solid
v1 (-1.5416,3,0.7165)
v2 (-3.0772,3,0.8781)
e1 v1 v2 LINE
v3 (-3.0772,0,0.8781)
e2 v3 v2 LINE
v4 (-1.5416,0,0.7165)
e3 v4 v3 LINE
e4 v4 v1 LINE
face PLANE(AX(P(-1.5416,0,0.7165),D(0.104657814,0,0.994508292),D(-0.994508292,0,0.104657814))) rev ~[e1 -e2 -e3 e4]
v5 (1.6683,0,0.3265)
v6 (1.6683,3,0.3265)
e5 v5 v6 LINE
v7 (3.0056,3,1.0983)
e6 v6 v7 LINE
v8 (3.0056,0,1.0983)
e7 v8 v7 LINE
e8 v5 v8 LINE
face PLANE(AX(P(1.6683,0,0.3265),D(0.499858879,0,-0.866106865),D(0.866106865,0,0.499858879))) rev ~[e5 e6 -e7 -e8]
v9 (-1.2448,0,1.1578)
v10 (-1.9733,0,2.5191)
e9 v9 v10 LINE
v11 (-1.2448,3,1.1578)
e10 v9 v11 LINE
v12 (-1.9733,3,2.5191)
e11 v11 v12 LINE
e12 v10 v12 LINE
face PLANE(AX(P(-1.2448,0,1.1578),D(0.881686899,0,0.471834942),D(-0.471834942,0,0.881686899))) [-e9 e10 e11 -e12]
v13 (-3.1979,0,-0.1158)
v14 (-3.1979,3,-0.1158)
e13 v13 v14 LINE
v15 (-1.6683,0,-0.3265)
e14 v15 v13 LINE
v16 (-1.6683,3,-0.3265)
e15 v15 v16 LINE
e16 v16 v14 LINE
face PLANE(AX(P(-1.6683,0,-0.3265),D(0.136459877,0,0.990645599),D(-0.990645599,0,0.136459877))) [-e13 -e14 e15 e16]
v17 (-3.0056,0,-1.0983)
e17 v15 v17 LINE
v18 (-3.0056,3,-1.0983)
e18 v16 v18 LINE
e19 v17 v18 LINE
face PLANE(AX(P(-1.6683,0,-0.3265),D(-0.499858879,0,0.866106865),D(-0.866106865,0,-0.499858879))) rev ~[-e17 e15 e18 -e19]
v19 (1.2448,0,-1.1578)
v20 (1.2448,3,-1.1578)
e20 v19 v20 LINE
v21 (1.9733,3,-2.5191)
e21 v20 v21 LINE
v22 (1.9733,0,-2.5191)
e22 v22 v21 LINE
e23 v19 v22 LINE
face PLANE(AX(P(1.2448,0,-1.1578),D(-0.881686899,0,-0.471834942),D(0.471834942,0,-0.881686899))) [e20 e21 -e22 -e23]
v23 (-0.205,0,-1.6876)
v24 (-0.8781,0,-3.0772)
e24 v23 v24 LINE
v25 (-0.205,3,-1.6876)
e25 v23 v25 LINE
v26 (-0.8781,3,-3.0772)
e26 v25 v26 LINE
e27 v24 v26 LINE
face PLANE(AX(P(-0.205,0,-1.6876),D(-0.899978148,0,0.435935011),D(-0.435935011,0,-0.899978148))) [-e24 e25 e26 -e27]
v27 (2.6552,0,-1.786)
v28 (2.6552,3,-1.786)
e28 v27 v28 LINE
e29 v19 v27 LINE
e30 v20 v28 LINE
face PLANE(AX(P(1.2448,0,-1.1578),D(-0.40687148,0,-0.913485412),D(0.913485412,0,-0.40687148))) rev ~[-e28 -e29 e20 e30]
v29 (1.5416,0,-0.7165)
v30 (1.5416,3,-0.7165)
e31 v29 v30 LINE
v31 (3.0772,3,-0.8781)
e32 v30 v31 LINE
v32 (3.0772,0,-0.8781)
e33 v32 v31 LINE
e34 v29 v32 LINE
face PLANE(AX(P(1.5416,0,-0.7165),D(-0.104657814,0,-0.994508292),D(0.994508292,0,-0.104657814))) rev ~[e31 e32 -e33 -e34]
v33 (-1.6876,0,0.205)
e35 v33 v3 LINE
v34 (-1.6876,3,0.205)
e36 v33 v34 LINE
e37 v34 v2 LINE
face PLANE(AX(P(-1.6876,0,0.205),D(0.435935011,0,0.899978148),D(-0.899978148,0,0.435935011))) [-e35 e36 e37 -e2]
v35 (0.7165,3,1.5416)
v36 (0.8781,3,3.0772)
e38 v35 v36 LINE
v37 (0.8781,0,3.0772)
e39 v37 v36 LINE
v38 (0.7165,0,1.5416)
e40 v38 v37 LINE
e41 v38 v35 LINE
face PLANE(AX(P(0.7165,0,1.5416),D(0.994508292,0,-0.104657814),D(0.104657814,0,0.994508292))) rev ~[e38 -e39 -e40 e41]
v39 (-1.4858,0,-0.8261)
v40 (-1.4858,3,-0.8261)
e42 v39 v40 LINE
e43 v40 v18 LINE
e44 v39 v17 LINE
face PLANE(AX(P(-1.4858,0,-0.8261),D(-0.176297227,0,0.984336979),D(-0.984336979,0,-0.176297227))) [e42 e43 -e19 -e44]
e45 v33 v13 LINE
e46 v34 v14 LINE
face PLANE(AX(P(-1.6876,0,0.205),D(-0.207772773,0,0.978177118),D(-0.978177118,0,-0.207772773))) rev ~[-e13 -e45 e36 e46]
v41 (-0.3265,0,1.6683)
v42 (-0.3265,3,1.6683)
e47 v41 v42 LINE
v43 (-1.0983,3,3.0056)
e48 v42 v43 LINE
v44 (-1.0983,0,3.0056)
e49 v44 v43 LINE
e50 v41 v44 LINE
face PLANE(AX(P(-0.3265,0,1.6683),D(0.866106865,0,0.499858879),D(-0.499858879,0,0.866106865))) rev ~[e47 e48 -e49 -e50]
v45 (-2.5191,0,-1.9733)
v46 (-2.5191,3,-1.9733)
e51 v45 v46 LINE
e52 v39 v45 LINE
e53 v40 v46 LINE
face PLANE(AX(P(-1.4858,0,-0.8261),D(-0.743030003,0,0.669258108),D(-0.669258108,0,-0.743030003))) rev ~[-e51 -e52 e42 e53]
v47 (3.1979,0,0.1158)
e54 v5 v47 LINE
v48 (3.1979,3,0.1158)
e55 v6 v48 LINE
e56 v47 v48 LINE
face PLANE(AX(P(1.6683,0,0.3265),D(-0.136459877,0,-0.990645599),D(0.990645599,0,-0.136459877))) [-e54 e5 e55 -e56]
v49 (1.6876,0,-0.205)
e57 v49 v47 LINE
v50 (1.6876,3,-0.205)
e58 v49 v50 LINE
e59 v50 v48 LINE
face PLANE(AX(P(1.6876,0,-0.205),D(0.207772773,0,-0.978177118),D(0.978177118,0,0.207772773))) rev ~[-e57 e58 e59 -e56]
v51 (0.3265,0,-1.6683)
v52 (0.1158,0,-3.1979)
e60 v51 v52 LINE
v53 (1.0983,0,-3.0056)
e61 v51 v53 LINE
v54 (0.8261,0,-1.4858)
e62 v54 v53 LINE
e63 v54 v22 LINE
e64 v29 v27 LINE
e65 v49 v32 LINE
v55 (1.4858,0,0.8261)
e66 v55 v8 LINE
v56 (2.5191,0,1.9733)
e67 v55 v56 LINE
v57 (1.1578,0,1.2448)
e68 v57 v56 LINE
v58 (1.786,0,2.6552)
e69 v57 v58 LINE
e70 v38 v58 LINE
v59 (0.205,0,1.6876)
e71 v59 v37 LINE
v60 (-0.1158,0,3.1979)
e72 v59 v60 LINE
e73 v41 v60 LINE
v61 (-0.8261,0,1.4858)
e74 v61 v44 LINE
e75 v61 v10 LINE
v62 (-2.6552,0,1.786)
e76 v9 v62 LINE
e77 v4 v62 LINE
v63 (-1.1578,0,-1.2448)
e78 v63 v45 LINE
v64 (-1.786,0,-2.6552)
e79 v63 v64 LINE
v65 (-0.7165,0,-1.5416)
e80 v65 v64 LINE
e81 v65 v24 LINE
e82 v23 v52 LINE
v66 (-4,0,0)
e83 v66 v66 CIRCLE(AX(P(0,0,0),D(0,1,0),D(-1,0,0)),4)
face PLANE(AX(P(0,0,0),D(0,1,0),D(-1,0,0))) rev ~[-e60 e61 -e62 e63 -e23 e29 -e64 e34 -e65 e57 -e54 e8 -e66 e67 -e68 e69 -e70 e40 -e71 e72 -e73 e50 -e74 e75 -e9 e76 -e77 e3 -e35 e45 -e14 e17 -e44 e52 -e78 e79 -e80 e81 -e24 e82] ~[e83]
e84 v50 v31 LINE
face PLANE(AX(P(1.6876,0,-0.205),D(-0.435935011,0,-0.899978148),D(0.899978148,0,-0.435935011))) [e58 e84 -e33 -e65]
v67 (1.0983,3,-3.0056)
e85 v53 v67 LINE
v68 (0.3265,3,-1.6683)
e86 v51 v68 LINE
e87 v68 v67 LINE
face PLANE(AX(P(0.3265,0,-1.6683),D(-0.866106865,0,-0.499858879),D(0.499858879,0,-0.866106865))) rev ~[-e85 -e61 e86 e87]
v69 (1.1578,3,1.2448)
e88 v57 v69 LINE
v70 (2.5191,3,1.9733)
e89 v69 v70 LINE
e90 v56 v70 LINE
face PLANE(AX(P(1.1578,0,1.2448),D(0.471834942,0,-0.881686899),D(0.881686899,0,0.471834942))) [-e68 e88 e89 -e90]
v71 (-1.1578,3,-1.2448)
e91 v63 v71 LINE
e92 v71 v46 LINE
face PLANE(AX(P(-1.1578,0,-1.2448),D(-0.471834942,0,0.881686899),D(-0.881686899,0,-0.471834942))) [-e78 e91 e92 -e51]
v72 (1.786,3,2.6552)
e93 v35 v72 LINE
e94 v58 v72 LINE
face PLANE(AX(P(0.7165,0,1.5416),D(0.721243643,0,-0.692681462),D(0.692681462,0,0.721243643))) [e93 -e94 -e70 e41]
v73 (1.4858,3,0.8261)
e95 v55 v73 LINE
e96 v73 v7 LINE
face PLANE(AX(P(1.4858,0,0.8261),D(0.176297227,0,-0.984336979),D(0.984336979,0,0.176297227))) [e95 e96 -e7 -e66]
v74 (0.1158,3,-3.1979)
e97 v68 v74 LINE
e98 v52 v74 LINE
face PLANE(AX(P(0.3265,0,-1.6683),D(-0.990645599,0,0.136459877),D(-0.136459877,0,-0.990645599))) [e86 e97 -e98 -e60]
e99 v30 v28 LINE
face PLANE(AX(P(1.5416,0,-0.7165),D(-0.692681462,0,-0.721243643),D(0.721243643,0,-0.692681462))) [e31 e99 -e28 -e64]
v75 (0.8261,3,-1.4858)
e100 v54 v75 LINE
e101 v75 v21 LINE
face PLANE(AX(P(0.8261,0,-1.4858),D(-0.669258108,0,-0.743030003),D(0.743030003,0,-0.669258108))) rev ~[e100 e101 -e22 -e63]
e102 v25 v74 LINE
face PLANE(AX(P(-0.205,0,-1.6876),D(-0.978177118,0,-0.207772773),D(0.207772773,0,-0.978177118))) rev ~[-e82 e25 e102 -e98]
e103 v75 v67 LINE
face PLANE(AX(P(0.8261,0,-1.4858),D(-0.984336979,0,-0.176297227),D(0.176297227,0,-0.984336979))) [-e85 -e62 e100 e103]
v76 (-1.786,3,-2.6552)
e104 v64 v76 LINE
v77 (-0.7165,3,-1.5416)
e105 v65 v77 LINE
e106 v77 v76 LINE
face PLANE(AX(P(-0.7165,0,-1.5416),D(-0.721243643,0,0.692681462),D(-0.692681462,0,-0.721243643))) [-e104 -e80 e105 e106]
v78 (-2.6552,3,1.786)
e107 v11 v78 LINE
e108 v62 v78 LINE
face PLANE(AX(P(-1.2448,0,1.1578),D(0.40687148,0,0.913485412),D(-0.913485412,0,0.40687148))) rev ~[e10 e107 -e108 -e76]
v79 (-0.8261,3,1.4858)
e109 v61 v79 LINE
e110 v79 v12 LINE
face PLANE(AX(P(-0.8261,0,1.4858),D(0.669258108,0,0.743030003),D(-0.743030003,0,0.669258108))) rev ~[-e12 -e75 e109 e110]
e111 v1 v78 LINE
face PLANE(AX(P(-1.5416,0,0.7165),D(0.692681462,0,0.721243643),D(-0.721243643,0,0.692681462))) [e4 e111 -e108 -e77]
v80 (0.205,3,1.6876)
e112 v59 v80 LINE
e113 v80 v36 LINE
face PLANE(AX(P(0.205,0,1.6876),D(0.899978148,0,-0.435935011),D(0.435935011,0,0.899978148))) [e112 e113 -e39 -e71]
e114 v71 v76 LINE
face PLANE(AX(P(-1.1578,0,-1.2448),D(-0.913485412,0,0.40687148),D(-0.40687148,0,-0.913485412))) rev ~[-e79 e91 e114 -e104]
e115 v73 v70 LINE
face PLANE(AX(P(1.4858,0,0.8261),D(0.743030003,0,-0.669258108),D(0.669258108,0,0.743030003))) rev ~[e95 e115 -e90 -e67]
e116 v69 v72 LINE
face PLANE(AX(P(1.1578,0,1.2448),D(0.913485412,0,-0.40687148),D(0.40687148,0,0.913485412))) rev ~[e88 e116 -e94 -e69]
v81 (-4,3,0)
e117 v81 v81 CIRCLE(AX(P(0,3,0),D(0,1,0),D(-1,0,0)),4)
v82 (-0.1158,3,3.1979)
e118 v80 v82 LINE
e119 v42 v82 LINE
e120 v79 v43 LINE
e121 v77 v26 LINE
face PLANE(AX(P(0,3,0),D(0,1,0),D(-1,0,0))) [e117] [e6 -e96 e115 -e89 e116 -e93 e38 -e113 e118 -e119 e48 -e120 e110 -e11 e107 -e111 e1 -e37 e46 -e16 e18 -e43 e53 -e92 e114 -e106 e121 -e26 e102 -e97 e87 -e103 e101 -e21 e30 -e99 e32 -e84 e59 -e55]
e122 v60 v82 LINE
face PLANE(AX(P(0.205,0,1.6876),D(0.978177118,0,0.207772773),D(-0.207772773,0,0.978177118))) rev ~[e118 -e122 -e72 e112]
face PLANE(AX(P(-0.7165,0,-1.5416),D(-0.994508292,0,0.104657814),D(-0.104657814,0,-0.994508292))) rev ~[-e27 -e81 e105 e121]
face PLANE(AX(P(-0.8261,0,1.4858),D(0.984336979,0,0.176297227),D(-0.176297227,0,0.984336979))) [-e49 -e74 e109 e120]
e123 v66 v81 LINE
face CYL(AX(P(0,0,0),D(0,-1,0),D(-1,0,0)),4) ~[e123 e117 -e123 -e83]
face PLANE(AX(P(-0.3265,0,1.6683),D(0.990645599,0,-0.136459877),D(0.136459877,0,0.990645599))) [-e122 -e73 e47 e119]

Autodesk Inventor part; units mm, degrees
ref_plane "YZ Plane" through (0, 0, 0) normal (1, 0, 0) x (0, 1, 0)
ref_plane "XZ Plane" through (0, 0, 0) normal (0, 1, 0) x (-1, 0, 0)
ref_plane "XY Plane" through (0, 0, 0) normal (0, 0, 1) x (1, 0, 0)
sketch "Sketch1" plane through (0, 0, 0) normal (0, 1, 0) x (-1, 0, 0)
  circle A0 centre (0, 0) radius 3.2 construction
  circle A1 centre (0, 0) radius 1.7 construction
  line L0 (0, 0) -> (1.4858, -0.8261) construction
  line L1 (0, 0) -> (1.1578, -1.2448) construction
  line L2 (1.4858, -0.8261) -> (1.1578, -1.2448) construction
  line L3 (1.4858, -0.8261) -> (2.5191, -1.9733)
  line L4 (1.1578, -1.2448) -> (2.5191, -1.9733)
  line L5 (1.6683, -0.3265) -> (3.0056, -1.0983)
  line L6 (1.4858, -0.8261) -> (3.0056, -1.0983)
  line L7 (1.6876, 0.205) -> (3.1979, -0.1158)
  line L8 (1.6683, -0.3265) -> (3.1979, -0.1158)
  line L9 (1.5416, 0.7165) -> (3.0772, 0.8781)
  line L10 (1.6876, 0.205) -> (3.0772, 0.8781)
  line L11 (1.2448, 1.1578) -> (2.6552, 1.786)
  line L12 (1.5416, 0.7165) -> (2.6552, 1.786)
  line L13 (0.8261, 1.4858) -> (1.9733, 2.5191)
  line L14 (1.2448, 1.1578) -> (1.9733, 2.5191)
  line L15 (0.3265, 1.6683) -> (1.0983, 3.0056)
  line L16 (0.8261, 1.4858) -> (1.0983, 3.0056)
  line L17 (-0.205, 1.6876) -> (0.1158, 3.1979)
  line L18 (0.3265, 1.6683) -> (0.1158, 3.1979)
  line L19 (-0.7165, 1.5416) -> (-0.8781, 3.0772)
  line L20 (-0.205, 1.6876) -> (-0.8781, 3.0772)
  line L21 (-1.1578, 1.2448) -> (-1.786, 2.6552)
  line L22 (-0.7165, 1.5416) -> (-1.786, 2.6552)
  line L23 (-1.4858, 0.8261) -> (-2.5191, 1.9733)
  line L24 (-1.1578, 1.2448) -> (-2.5191, 1.9733)
  line L25 (-1.6683, 0.3265) -> (-3.0056, 1.0983)
  line L26 (-1.4858, 0.8261) -> (-3.0056, 1.0983)
  line L27 (-1.6876, -0.205) -> (-3.1979, 0.1158)
  line L28 (-1.6683, 0.3265) -> (-3.1979, 0.1158)
  line L29 (-1.5416, -0.7165) -> (-3.0772, -0.8781)
  line L30 (-1.6876, -0.205) -> (-3.0772, -0.8781)
  line L31 (-1.2448, -1.1578) -> (-2.6552, -1.786)
  line L32 (-1.5416, -0.7165) -> (-2.6552, -1.786)
  line L33 (-0.8261, -1.4858) -> (-1.9733, -2.5191)
  line L34 (-1.2448, -1.1578) -> (-1.9733, -2.5191)
  line L35 (-0.3265, -1.6683) -> (-1.0983, -3.0056)
  line L36 (-0.8261, -1.4858) -> (-1.0983, -3.0056)
  line L37 (0.205, -1.6876) -> (-0.1158, -3.1979)
  line L38 (-0.3265, -1.6683) -> (-0.1158, -3.1979)
  line L39 (0.7165, -1.5416) -> (0.8781, -3.0772)
  line L40 (0.205, -1.6876) -> (0.8781, -3.0772)
  line L41 (1.1578, -1.2448) -> (1.786, -2.6552)
  line L42 (0.7165, -1.5416) -> (1.786, -2.6552)
  circle A2 centre (0, 0) radius 4
  point P0 (1.6876, 0.205)
  point P1 (1.5416, 0.7165)
  point P2 (1.2448, 1.1578)
  point P3 (0.8261, 1.4858)
  point P4 (-0.7165, 1.5416)
  point P5 (-1.1578, 1.2448)
  point P6 (-1.4858, 0.8261)
  point P7 (-1.6683, 0.3265)
  point P8 (-1.6876, -0.205)
  point P9 (-1.5416, -0.7165)
  point P10 (-0.8261, -1.4858)
  point P11 (0.205, -1.6876)
  point P12 (0.7165, -1.5416)
  point P13 (1.1578, -1.2448)
  dimension "d1" = 1.5
  dimension "d5" = 18
  dimension "d6" = 0.4187
  dimension "d9" = 360
  dimension "d13" = 8
  dimension "d16" = 3.4
extrude "Extrusion2" add sketch "Sketch1" along normal blind 3
properties part number "flipper_robot_v2_servo_top_adapter"
